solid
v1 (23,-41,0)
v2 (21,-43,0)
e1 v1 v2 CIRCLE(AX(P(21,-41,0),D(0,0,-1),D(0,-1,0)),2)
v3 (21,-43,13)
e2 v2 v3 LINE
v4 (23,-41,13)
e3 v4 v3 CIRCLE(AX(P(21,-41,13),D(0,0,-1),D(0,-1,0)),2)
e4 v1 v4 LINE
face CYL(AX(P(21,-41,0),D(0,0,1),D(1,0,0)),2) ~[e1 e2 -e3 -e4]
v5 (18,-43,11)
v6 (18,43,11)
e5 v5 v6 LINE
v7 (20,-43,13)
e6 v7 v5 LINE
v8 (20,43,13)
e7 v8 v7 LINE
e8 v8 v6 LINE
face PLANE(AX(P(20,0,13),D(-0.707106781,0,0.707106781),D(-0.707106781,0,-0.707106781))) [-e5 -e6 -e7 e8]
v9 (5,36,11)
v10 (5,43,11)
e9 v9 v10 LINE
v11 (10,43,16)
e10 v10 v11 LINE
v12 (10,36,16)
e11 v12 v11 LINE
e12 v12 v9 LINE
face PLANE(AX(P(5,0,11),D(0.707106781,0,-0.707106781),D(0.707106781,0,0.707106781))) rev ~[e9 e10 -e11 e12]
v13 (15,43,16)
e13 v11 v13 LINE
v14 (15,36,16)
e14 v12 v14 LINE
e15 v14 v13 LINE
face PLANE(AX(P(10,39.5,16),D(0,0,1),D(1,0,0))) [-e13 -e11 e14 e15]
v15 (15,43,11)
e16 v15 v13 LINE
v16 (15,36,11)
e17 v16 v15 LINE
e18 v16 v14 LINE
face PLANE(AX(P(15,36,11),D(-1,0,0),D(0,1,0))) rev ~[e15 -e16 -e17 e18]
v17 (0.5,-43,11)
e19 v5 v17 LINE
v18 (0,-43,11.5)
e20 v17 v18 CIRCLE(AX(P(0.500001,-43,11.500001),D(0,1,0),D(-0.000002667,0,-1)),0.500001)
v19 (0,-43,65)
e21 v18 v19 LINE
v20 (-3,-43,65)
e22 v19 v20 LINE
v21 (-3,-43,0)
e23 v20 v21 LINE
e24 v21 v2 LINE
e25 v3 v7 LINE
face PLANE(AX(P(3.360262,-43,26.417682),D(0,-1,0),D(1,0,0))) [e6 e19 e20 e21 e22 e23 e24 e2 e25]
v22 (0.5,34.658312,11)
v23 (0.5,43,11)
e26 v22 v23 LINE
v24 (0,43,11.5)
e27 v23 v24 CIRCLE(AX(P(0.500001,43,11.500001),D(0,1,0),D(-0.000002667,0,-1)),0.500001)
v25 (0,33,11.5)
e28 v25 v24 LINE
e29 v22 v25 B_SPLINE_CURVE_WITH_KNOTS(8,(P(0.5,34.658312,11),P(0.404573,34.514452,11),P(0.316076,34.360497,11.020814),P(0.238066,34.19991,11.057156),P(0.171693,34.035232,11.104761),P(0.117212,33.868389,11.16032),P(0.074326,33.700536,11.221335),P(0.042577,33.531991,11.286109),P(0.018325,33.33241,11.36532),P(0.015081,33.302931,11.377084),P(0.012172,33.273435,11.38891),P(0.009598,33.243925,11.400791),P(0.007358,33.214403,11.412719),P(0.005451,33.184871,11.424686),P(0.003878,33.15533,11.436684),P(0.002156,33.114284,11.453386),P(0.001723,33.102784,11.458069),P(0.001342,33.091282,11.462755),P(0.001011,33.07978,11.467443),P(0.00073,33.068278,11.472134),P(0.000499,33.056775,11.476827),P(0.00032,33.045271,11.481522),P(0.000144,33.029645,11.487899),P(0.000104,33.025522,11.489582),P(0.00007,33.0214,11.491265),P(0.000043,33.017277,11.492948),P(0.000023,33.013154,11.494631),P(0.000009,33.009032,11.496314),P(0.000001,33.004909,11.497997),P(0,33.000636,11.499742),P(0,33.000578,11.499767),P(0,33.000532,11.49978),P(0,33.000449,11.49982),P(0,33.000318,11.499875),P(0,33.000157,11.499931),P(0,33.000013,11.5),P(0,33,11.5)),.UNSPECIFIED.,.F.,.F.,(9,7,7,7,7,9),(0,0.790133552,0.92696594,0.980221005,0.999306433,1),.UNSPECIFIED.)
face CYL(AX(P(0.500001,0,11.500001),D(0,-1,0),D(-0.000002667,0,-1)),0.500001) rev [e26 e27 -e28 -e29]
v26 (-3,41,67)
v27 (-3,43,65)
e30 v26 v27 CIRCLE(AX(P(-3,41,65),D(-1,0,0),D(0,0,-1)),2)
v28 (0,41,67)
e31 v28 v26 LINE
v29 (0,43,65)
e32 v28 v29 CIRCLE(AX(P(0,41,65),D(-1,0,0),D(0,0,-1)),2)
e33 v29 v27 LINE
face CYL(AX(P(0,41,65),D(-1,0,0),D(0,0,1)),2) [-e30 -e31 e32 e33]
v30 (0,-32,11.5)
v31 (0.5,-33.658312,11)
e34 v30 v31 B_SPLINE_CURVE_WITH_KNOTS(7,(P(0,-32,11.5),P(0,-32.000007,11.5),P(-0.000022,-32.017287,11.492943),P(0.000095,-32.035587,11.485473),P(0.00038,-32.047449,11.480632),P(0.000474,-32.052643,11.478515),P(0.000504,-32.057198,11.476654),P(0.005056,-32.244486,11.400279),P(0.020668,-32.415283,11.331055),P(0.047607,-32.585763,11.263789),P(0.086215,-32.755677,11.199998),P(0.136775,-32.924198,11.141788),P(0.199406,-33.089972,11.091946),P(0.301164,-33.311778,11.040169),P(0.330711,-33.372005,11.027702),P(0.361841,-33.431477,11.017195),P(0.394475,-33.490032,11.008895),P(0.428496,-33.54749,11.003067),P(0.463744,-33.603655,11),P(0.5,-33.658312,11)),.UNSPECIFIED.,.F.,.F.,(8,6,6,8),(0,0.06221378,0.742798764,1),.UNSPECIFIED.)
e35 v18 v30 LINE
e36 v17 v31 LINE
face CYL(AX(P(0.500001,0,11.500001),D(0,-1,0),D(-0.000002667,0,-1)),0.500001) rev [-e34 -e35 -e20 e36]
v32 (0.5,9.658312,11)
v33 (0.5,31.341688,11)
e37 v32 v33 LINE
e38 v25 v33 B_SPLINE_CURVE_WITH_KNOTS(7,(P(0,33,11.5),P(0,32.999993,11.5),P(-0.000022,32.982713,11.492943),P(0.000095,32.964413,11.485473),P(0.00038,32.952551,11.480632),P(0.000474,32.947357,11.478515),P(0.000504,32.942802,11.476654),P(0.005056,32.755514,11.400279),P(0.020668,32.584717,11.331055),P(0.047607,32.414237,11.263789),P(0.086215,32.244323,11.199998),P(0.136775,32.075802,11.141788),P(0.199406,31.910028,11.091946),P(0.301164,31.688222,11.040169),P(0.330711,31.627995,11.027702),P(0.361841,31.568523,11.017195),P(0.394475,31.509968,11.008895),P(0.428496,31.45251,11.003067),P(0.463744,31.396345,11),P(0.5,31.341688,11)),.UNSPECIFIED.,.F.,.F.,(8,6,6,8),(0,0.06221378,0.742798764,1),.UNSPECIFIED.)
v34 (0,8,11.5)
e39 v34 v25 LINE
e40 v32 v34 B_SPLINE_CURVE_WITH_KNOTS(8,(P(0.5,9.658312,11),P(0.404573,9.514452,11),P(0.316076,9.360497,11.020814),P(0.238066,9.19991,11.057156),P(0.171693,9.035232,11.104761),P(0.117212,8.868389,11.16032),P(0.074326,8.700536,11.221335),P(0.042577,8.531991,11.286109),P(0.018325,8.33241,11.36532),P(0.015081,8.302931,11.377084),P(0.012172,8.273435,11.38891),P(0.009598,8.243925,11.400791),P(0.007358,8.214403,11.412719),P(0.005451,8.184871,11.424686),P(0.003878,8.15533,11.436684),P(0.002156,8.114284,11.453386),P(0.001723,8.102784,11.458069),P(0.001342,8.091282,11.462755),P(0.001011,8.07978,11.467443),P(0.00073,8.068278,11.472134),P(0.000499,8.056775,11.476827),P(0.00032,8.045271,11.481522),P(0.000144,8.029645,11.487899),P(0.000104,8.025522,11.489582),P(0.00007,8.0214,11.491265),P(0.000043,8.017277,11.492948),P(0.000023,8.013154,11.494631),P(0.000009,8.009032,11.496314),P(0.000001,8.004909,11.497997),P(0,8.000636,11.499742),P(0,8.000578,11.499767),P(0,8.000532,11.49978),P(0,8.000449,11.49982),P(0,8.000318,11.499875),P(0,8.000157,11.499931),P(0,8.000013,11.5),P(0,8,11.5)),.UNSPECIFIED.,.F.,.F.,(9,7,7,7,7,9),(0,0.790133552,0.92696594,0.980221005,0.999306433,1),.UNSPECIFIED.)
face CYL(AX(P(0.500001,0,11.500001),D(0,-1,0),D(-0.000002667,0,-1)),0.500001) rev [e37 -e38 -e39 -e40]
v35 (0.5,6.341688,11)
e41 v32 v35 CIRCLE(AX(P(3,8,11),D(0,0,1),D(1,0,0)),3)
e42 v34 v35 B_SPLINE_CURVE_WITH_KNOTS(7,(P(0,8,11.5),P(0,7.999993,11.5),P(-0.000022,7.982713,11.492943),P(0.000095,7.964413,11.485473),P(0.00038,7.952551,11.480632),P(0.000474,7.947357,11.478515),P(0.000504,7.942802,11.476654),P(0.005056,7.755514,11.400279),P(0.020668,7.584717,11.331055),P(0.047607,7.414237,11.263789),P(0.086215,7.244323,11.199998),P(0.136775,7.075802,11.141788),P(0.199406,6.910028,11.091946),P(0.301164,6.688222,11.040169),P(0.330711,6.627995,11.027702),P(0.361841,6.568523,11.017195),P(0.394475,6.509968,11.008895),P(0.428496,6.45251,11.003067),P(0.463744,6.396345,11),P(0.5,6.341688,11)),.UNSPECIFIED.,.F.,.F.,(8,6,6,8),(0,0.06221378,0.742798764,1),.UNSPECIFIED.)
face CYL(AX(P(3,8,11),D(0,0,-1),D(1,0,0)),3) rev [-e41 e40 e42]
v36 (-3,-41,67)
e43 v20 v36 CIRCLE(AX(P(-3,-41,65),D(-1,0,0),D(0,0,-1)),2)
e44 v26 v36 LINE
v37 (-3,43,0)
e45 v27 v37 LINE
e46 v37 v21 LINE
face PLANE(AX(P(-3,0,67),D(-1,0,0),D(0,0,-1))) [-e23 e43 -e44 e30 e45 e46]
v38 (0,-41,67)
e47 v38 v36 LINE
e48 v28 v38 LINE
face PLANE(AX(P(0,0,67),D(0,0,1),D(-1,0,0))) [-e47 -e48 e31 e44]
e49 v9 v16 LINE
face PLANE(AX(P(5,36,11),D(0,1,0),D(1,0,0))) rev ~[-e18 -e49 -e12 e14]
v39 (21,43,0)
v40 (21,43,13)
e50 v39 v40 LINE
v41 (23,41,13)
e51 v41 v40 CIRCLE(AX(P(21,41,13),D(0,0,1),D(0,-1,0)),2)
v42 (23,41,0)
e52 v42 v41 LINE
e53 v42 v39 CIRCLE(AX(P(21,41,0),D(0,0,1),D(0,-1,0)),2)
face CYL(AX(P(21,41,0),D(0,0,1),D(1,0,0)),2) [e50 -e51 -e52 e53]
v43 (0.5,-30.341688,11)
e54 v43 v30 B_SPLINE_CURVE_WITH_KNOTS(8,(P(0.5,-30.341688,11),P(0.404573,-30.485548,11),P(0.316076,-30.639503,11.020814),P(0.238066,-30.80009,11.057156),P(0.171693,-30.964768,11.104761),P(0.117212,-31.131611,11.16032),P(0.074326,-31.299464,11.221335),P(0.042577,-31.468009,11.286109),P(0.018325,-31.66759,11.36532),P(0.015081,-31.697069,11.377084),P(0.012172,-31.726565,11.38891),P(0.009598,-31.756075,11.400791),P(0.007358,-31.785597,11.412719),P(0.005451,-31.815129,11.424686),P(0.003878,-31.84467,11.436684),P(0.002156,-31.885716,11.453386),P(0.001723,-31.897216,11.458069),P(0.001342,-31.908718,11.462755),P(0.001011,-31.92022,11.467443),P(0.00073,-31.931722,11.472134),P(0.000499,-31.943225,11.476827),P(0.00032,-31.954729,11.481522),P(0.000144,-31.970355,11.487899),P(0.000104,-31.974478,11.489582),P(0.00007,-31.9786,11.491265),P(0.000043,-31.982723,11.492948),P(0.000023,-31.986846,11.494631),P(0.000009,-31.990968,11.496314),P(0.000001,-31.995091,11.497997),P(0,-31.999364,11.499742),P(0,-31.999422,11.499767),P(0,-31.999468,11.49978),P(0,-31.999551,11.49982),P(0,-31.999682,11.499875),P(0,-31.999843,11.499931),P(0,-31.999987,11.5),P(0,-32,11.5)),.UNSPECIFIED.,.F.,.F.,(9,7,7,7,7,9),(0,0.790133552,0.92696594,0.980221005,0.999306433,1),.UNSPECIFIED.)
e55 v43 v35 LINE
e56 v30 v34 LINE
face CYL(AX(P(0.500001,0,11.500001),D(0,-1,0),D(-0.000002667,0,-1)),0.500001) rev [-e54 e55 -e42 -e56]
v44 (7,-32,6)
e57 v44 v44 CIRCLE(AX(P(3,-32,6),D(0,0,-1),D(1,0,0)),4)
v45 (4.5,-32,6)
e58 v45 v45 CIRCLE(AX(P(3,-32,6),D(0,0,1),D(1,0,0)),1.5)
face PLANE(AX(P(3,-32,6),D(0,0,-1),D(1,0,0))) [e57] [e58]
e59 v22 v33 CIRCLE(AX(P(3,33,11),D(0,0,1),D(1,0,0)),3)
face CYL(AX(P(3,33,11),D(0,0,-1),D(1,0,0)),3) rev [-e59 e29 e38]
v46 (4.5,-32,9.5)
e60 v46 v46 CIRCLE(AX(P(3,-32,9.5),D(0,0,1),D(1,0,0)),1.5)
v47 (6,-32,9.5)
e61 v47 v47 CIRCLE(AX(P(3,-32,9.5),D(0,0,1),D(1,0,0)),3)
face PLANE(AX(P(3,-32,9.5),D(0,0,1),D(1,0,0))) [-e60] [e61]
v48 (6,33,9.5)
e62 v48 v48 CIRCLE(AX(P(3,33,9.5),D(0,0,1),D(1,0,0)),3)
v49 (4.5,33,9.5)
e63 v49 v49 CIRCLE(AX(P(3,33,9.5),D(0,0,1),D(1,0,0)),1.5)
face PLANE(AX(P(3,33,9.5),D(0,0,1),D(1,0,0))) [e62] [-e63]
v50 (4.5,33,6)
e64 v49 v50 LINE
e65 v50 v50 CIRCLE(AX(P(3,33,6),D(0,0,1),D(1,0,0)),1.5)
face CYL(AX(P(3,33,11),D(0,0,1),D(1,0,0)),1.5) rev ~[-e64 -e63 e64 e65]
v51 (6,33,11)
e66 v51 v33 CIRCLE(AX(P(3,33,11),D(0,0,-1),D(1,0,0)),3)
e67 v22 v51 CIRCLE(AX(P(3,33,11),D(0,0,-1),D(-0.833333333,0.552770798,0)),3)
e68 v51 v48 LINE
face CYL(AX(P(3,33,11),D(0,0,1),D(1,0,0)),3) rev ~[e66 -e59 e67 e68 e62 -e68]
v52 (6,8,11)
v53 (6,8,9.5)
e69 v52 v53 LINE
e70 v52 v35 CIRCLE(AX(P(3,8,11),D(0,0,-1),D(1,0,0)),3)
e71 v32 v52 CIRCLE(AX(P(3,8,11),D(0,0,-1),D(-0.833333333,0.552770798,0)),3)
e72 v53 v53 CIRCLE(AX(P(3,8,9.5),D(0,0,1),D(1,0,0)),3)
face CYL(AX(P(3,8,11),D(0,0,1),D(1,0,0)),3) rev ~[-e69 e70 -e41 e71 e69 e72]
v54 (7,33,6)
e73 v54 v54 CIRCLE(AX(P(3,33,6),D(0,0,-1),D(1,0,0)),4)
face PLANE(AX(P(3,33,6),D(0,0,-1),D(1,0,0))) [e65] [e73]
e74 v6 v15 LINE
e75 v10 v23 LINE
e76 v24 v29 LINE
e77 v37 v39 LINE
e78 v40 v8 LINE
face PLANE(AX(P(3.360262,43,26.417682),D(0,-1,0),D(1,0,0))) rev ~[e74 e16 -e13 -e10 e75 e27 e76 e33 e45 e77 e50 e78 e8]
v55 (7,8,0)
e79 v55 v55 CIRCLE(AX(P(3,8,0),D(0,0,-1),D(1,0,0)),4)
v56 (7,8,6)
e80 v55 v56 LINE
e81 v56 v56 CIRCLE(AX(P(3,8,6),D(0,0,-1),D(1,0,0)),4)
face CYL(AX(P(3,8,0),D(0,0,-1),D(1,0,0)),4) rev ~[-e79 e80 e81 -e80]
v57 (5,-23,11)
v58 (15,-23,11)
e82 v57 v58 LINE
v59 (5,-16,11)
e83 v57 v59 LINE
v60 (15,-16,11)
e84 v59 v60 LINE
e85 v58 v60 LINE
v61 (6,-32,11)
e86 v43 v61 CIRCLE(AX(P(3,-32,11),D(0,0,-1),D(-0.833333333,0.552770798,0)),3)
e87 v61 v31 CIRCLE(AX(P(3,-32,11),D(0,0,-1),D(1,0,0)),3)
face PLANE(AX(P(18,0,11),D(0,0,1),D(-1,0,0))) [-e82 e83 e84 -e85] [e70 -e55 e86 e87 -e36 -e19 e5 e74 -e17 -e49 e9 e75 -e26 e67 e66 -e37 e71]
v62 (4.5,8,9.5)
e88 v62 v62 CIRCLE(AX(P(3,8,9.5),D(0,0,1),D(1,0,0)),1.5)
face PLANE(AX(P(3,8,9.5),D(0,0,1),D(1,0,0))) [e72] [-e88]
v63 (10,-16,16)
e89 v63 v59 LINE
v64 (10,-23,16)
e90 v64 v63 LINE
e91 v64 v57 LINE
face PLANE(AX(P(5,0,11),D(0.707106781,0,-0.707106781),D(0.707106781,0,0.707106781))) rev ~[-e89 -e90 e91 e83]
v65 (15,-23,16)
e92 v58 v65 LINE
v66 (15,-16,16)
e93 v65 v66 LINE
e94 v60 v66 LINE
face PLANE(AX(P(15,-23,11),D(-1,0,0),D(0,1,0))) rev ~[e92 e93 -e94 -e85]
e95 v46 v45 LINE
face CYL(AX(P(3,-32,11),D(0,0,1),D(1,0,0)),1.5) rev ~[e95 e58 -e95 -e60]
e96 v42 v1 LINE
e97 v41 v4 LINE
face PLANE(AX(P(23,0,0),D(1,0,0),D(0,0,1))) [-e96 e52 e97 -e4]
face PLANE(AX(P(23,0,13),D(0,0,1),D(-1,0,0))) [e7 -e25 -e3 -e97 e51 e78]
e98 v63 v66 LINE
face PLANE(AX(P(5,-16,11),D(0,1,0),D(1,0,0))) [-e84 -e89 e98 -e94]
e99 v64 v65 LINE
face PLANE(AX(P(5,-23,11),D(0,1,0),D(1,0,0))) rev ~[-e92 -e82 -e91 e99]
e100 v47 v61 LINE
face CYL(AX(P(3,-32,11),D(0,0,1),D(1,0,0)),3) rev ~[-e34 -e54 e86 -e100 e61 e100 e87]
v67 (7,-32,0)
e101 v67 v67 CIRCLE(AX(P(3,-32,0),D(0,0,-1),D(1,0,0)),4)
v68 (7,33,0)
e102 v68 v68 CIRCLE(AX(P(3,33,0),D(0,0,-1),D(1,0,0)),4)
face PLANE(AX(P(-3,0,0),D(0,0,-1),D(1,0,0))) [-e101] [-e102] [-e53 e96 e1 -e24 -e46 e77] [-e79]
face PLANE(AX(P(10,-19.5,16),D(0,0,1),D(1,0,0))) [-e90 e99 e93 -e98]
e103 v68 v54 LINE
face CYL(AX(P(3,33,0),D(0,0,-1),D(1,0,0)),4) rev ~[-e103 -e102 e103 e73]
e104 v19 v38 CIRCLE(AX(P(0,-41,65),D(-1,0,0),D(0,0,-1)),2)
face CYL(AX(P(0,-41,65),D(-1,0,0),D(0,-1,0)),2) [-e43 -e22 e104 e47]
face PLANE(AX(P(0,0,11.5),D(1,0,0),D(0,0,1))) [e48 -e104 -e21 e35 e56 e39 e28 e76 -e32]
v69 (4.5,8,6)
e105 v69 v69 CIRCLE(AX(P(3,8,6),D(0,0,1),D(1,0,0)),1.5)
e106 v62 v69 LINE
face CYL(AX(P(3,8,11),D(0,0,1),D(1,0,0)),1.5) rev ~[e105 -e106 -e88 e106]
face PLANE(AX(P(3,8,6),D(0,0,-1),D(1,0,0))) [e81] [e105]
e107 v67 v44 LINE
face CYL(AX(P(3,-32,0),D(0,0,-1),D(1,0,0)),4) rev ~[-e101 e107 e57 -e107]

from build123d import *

# Parameters (mm, degrees)
F1_DEPTH  = 43
F2_R      = 4
F3_DEPTH  = 6
F4_R      = 1.5
F5_DEPTH  = 25
F4_R_2    = 3
F6_DEPTH  = 1.5
F7_W      = 10
F7_H      = 7
F8_DEPTH  = 5
F10_DEPTH = 50
F11_R     = 2


with BuildPart() as f1:
    # F0 (on Front) → F1 (new body, symmetric)
    with BuildSketch(Plane.XZ):
        with BuildLine():
            Line((0, 11.5), (0, 67))
            Line((0, 67), (-3, 67))
            Line((-3, 67), (-3, 0))
            Line((-3, 0), (23, 0))
            Line((23, 0), (23, 13))
            Line((23, 13), (20, 13))
            Line((20, 13), (18, 11))
            Line((18, 11), (0.5, 11))
            ThreePointArc((0.5, 11), (0.146447, 11.146447), (0, 11.5))
        make_face()
    extrude(amount=F1_DEPTH, both=True)

    # F2 (on face) → F3 (cut)
    with BuildSketch(Plane(origin=(0, 0, 0), x_dir=(1, 0, 0), z_dir=(0, 0, -1))):
        with Locations((3, -33)):
            Circle(F2_R)
        with Locations((3, -8)):
            Circle(F2_R)
        with Locations((3, 32)):
            Circle(F2_R)
    extrude(amount=-F3_DEPTH, mode=Mode.SUBTRACT)

    # F4 (on face) → F5 (cut)
    with BuildSketch(Plane.XY.offset(11)):
        with Locations((3, 33)):
            Circle(F4_R)
        with Locations((3, 8)):
            Circle(F4_R)
        with Locations((3, -32)):
            Circle(F4_R)
    extrude(amount=-F5_DEPTH, mode=Mode.SUBTRACT)

    # F4 (on face) → F6 (cut, symmetric)
    with BuildSketch(Plane.XY.offset(11)):
        with Locations((3, 8)):
            Circle(F4_R_2)
        with Locations((3, 8)):
            Circle(F4_R, mode=Mode.SUBTRACT)
        with Locations((3, 33)):
            Circle(F4_R_2)
        with Locations((3, 33)):
            Circle(F4_R, mode=Mode.SUBTRACT)
        with Locations((3, -32)):
            Circle(F4_R_2)
        with Locations((3, -32)):
            Circle(F4_R, mode=Mode.SUBTRACT)
    extrude(amount=F6_DEPTH, both=True, mode=Mode.SUBTRACT)

    # F7 (on face) → F8 (join)
    with BuildSketch(Plane.XY.offset(11)):
        with Locations((10, 39.5)):
            Rectangle(F7_W, F7_H)
        with Locations((10, -19.5)):
            Rectangle(F7_W, F7_H)
    extrude(amount=F8_DEPTH)

    # F9 (on Front) → F10 (cut, symmetric)
    with BuildSketch(Plane.XZ):
        Polygon((5, 19), (5, 11), (13, 19), align=None)
    extrude(amount=F10_DEPTH, both=True, mode=Mode.SUBTRACT)

    # F11
    f11_edges = [f1.edges().sort_by_distance(p)[0] for p in [
        (23, -43, 6.5),
        (23, 43, 6.5),
        (-1.5, -43, 67),
        (-1.5, 43, 67),
    ]]
    fillet(f11_edges, radius=F11_R)


solid = f1.part
